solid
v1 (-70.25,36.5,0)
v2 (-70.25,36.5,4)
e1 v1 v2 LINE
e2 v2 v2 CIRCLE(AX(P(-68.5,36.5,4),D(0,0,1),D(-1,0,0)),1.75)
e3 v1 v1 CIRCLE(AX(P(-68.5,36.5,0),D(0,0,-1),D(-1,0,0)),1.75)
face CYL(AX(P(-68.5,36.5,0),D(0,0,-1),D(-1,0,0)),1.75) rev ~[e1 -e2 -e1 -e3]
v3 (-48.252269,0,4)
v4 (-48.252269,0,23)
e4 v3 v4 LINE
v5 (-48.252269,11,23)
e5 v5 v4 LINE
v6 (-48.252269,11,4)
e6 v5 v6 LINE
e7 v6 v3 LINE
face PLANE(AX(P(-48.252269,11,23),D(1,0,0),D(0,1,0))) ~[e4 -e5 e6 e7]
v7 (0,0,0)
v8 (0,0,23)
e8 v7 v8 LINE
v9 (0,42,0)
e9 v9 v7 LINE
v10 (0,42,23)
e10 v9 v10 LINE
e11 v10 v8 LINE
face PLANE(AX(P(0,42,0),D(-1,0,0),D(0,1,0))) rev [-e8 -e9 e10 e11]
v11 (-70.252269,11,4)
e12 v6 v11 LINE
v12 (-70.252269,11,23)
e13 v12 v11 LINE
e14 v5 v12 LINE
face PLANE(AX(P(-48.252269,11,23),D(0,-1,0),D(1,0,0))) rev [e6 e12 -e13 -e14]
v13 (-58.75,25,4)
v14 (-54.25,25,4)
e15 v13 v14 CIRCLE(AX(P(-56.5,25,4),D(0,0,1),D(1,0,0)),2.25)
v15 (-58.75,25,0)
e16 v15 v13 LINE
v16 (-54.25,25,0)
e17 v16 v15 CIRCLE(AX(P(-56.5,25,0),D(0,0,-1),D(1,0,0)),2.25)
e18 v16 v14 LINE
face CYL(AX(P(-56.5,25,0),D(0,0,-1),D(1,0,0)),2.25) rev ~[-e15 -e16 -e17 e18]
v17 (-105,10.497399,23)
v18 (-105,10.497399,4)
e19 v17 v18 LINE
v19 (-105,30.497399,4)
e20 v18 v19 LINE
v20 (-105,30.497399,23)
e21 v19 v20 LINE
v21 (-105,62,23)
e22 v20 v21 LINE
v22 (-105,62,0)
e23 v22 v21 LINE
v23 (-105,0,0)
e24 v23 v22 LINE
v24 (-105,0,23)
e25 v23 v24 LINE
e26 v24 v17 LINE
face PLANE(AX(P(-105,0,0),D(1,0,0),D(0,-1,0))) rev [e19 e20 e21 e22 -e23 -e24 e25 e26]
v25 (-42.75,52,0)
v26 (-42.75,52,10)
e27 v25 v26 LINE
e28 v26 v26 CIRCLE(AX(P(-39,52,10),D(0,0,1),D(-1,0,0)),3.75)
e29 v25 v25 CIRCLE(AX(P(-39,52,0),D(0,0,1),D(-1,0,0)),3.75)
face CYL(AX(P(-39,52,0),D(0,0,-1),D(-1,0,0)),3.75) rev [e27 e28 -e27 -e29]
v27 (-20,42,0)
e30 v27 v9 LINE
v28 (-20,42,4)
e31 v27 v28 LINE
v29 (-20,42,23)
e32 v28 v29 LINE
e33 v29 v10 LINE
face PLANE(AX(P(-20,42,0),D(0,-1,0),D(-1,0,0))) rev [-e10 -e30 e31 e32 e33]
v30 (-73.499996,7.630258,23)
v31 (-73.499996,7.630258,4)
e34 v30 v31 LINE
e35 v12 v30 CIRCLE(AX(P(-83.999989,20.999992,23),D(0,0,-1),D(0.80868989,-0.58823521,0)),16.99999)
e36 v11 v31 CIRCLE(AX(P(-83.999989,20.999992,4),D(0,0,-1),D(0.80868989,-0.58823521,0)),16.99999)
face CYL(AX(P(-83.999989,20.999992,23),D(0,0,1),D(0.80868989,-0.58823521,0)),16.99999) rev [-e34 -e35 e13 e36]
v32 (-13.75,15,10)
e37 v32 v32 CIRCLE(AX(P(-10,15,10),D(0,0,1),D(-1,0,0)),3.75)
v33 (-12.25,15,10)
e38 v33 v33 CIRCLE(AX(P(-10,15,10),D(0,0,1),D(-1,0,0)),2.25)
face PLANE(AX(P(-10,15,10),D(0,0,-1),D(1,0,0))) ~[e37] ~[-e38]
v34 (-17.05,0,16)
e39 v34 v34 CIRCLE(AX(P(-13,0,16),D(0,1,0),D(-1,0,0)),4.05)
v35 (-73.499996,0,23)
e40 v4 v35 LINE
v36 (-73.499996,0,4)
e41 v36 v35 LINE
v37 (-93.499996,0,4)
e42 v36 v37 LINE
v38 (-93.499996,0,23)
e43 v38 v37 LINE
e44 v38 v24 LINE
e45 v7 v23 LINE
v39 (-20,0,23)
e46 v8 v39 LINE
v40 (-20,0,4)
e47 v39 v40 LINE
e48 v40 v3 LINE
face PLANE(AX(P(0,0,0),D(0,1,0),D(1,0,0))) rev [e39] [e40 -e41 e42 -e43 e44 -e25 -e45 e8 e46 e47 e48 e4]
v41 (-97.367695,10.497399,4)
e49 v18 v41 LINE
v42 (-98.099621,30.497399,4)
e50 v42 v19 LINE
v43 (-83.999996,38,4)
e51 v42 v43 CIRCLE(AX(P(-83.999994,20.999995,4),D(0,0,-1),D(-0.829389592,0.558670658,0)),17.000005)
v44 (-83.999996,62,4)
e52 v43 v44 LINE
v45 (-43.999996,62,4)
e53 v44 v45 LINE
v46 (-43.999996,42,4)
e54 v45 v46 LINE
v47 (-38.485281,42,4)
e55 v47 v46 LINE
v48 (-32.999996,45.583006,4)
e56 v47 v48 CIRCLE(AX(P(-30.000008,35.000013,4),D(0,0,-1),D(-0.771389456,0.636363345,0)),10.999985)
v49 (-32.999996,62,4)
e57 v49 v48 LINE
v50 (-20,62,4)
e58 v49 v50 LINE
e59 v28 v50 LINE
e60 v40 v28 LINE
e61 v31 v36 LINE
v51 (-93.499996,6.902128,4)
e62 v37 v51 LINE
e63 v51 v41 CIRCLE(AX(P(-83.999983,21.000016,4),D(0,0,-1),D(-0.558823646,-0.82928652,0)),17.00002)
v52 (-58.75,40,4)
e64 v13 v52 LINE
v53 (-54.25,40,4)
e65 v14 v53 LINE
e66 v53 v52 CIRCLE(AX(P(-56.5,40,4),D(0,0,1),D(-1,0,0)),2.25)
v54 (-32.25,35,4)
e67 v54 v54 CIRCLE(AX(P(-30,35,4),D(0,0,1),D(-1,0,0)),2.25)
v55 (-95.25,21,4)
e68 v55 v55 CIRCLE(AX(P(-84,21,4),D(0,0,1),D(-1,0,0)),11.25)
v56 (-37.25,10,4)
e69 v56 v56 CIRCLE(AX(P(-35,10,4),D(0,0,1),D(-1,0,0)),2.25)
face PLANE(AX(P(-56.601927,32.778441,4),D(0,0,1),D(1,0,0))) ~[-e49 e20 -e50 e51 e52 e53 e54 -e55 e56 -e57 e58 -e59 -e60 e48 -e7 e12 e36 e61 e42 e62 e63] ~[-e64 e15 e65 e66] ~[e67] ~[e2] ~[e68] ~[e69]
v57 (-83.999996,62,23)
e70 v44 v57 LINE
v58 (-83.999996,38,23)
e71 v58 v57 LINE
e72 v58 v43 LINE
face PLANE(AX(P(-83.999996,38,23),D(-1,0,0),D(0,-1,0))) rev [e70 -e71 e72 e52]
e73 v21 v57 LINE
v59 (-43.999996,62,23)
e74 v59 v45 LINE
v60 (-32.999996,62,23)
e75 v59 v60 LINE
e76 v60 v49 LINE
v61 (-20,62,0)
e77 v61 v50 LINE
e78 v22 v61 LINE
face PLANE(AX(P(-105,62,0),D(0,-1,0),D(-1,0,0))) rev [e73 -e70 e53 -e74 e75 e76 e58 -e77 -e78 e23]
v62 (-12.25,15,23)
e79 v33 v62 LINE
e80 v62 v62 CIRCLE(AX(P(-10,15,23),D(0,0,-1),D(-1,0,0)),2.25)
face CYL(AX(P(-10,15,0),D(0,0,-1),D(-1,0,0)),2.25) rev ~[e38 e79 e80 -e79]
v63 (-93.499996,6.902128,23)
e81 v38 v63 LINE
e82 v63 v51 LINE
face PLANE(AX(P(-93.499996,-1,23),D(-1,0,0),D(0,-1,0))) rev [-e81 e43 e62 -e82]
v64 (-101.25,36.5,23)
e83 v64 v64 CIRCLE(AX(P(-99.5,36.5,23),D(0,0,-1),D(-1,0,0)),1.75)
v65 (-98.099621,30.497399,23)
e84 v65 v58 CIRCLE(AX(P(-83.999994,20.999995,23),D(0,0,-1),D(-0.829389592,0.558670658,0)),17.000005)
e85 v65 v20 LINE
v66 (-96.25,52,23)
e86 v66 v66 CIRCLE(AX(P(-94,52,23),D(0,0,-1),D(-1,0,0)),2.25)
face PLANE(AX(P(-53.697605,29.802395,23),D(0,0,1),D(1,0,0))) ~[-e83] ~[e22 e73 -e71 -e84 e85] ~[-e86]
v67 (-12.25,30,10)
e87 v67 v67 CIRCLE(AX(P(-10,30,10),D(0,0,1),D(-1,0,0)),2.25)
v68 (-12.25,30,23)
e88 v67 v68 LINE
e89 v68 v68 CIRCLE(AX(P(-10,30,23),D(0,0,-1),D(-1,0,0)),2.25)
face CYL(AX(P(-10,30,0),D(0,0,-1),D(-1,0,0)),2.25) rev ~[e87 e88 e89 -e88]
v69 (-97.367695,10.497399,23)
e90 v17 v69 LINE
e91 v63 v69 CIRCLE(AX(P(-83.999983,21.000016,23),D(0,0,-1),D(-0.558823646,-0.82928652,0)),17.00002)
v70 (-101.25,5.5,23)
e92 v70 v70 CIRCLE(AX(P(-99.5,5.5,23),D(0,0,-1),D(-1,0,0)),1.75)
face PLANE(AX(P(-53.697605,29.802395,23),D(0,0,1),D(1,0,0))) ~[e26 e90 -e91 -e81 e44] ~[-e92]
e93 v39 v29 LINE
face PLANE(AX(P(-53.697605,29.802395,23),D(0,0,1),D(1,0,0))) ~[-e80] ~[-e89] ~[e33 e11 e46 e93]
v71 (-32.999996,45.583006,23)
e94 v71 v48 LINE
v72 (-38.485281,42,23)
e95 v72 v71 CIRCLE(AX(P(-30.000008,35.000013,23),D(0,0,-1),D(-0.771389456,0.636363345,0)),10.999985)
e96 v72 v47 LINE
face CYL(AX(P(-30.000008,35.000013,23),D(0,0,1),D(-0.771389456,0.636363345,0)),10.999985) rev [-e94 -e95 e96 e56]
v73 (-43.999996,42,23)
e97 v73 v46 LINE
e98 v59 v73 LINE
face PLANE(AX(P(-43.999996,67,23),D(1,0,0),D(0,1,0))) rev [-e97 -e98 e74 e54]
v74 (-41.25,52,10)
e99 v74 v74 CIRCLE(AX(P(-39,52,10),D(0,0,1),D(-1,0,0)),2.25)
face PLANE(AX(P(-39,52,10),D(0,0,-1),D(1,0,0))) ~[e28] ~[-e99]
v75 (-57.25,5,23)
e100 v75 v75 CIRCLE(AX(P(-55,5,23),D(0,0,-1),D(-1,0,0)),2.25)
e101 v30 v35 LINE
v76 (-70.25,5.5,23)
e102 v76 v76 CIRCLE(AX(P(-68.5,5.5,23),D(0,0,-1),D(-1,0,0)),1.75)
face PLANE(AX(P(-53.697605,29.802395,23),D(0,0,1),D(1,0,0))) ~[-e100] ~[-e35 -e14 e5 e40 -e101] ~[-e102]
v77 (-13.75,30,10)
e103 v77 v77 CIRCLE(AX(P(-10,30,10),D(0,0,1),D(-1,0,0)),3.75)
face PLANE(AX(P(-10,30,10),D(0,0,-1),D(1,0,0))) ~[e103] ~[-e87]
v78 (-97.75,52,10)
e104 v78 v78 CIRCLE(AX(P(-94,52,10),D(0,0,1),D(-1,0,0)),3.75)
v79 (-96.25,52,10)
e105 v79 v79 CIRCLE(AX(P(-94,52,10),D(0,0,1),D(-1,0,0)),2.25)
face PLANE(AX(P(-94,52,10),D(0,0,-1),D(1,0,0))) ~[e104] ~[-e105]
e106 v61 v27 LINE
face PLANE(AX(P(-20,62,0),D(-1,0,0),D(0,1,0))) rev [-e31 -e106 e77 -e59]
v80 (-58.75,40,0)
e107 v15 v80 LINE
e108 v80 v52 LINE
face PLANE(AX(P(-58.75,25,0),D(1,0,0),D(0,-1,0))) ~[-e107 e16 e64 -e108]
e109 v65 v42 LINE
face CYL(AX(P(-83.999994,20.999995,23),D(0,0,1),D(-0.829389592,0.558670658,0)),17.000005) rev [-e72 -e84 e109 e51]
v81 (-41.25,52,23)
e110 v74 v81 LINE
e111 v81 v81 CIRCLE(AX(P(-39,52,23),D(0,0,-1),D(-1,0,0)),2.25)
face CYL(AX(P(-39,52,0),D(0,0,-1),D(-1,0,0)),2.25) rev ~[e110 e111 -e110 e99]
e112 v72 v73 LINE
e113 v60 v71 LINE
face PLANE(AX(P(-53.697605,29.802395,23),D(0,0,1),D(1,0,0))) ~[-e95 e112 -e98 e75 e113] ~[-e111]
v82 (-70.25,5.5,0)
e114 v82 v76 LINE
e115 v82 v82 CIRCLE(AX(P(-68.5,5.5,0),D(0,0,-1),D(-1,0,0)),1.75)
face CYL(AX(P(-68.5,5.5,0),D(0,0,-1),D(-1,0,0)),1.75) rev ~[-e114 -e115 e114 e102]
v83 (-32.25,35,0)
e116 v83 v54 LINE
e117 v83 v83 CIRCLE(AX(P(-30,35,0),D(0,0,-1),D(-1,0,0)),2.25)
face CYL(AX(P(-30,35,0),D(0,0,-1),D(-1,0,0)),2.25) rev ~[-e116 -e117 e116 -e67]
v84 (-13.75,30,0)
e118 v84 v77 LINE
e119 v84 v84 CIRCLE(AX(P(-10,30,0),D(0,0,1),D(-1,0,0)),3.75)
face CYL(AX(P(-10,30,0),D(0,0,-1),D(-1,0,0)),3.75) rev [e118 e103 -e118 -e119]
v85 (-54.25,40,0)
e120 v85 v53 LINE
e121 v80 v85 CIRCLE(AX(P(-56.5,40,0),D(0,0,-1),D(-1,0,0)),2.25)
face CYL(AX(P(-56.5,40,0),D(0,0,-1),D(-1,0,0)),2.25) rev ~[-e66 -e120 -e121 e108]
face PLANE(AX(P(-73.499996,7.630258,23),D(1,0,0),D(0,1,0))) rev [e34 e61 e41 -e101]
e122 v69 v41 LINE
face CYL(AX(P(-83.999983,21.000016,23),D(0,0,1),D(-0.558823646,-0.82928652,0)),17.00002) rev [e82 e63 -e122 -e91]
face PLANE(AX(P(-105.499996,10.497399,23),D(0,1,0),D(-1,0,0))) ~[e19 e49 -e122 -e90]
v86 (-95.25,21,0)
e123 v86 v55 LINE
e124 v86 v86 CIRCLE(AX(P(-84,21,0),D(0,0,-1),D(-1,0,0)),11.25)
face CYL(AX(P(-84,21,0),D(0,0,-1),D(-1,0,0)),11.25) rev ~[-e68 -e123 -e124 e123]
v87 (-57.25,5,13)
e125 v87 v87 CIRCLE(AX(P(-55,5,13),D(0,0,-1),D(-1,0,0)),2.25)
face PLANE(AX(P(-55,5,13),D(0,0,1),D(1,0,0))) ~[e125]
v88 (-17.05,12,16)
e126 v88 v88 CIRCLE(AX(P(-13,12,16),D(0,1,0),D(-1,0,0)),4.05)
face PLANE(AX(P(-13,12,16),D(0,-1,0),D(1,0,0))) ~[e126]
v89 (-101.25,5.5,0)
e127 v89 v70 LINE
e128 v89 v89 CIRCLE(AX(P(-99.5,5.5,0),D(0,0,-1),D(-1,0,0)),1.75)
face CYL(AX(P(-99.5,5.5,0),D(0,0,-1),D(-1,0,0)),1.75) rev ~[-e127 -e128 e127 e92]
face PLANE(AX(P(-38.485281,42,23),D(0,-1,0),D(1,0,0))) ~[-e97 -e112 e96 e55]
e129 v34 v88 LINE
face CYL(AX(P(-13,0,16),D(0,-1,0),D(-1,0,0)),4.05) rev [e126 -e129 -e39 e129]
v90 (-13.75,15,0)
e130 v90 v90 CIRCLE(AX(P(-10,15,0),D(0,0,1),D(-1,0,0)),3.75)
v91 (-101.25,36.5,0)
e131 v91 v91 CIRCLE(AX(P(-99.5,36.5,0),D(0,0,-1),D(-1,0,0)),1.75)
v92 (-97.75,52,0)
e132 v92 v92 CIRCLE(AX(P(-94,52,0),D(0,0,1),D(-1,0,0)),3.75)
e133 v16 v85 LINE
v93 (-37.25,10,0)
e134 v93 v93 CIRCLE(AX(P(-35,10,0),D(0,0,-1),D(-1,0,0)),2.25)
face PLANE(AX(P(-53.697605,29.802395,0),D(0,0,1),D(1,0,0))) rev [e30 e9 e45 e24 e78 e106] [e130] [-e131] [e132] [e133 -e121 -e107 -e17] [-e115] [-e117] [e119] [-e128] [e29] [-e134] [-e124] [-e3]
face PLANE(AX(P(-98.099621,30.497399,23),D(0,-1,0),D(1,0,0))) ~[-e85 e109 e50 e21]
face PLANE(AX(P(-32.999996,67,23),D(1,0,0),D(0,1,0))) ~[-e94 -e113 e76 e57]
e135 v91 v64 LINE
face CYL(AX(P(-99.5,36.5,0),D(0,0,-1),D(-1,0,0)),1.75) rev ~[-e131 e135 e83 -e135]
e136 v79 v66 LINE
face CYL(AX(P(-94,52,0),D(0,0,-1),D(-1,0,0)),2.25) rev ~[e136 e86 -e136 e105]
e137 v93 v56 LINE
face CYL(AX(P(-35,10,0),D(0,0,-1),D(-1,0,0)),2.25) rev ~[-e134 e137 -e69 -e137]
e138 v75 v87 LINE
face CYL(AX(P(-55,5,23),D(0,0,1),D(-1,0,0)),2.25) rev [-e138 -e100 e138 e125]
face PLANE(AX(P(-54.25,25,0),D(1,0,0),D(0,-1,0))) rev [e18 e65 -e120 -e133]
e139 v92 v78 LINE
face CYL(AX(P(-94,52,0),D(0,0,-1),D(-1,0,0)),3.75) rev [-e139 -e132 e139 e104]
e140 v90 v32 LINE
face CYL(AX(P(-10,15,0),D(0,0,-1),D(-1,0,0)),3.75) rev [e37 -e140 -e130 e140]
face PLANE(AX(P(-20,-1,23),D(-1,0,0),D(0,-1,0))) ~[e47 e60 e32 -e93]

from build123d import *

# Parameters (mm, degrees)
SKETCH_R        = 2.25
SKETCH_R_2      = 11.25
SKETCH_R_3      = 1.75
PAD_DEPTH       = 23
POCKET_DEPTH    = 19
SKETCH004_R     = 2.25
POCKET003_DEPTH = 10
SKETCH005_R     = 4.05
POCKET004_DEPTH = 12
SKETCH006_R     = 3.75
POCKET005_DEPTH = 10


with BuildPart() as pocket005:
    # Sketch → Pad (new body)
    with BuildSketch(Plane.XY):
        Polygon((0, 0), (105, 0), (105, 62), (20, 62), (20, 42), (0, 42), align=None)
        with Locations((35, 10)):
            Circle(SKETCH_R, mode=Mode.SUBTRACT)
        with Locations((30, 35)):
            Circle(SKETCH_R, mode=Mode.SUBTRACT)
        with Locations((84, 21)):
            Circle(SKETCH_R_2, mode=Mode.SUBTRACT)
        with Locations((68.5, 36.5)):
            Circle(SKETCH_R_3, mode=Mode.SUBTRACT)
        with Locations((99.5, 36.5)):
            Circle(SKETCH_R_3, mode=Mode.SUBTRACT)
        with Locations((68.5, 5.5)):
            Circle(SKETCH_R_3, mode=Mode.SUBTRACT)
        with Locations((99.5, 5.5)):
            Circle(SKETCH_R_3, mode=Mode.SUBTRACT)
        with Locations((10, 30)):
            Circle(SKETCH_R, mode=Mode.SUBTRACT)
        with Locations((10, 15)):
            Circle(SKETCH_R, mode=Mode.SUBTRACT)
        with Locations((39, 52)):
            Circle(SKETCH_R, mode=Mode.SUBTRACT)
        with Locations((94, 52)):
            Circle(SKETCH_R, mode=Mode.SUBTRACT)
        with BuildLine():
            Line((58.75, 25), (58.75, 40))
            ThreePointArc((58.75, 40), (56.5, 42.25), (54.25, 40))
            Line((54.25, 25), (54.25, 40))
            ThreePointArc((54.25, 25), (56.5, 22.75), (58.75, 25))
        make_face(mode=Mode.SUBTRACT)
    extrude(amount=PAD_DEPTH)

    # Sketch001 → Pocket (cut)
    with BuildSketch(Plane.XY.offset(23)):
        with BuildLine():
            ThreePointArc((38.485281, 42), (36.015595, 44.209377), (32.999996, 45.583006))
            Line((32.999996, 67), (32.999996, 45.583006))
            Line((20, 67), (32.999996, 67))
            Line((20, -1), (20, 67))
            Line((20, -1), (48.252269, -1))
            Line((48.252269, 11), (48.252269, -1))
            Line((48.252269, 11), (70.252269, 11))
            ThreePointArc((70.252269, 11), (71.759618, 9.202833), (73.499996, 7.630258))
            Line((73.499996, 7.630258), (73.499996, -1))
            Line((73.499996, -1), (93.499996, -1))
            Line((93.499996, -1), (93.499996, 6.902128))
            ThreePointArc((93.499996, 6.902128), (95.574295, 8.548671), (97.367695, 10.497399))
            Line((105.499996, 10.497399), (97.367695, 10.497399))
            Line((105.499996, 30.497399), (105.499996, 10.497399))
            Line((98.099621, 30.497399), (105.499996, 30.497399))
            ThreePointArc((98.099621, 30.497399), (91.98574, 36.007594), (83.999996, 38))
            Line((83.999996, 38), (83.999996, 67))
            Line((83.999996, 67), (43.999996, 67))
            Line((43.999996, 67), (43.999996, 42))
            Line((38.485281, 42), (43.999996, 42))
        make_face()
    extrude(amount=-POCKET_DEPTH, mode=Mode.SUBTRACT)

    # Sketch004 → Pocket003 (cut)
    with BuildSketch(Plane.XY.offset(23)):
        with Locations((55, 5)):
            Circle(SKETCH004_R)
    extrude(amount=-POCKET003_DEPTH, mode=Mode.SUBTRACT)

    # Sketch005 → Pocket004 (cut)
    with BuildSketch(Plane.XZ):
        with Locations((13, 16)):
            Circle(SKETCH005_R)
    extrude(amount=-POCKET004_DEPTH, mode=Mode.SUBTRACT)

    # Sketch006 → Pocket005 (cut)
    with BuildSketch(Plane(origin=(0, 0, 0), x_dir=(1, 0, 0), z_dir=(0, 0, -1))):
        with Locations((10, -15)):
            Circle(SKETCH006_R)
        with Locations((10, -30)):
            Circle(SKETCH006_R)
        with Locations((39, -52)):
            Circle(SKETCH006_R)
        with Locations((94, -52)):
            Circle(SKETCH006_R)
    extrude(amount=-POCKET005_DEPTH, mode=Mode.SUBTRACT)


with BuildPart() as part_mirroring:
    # Part__Mirroring: instance of Pocket005
    add(pocket005.part.mirror(Plane(origin=(0, 0, 0), x_dir=(0, -1, 0), z_dir=(1, 0, 0))))


solid = part_mirroring.part
